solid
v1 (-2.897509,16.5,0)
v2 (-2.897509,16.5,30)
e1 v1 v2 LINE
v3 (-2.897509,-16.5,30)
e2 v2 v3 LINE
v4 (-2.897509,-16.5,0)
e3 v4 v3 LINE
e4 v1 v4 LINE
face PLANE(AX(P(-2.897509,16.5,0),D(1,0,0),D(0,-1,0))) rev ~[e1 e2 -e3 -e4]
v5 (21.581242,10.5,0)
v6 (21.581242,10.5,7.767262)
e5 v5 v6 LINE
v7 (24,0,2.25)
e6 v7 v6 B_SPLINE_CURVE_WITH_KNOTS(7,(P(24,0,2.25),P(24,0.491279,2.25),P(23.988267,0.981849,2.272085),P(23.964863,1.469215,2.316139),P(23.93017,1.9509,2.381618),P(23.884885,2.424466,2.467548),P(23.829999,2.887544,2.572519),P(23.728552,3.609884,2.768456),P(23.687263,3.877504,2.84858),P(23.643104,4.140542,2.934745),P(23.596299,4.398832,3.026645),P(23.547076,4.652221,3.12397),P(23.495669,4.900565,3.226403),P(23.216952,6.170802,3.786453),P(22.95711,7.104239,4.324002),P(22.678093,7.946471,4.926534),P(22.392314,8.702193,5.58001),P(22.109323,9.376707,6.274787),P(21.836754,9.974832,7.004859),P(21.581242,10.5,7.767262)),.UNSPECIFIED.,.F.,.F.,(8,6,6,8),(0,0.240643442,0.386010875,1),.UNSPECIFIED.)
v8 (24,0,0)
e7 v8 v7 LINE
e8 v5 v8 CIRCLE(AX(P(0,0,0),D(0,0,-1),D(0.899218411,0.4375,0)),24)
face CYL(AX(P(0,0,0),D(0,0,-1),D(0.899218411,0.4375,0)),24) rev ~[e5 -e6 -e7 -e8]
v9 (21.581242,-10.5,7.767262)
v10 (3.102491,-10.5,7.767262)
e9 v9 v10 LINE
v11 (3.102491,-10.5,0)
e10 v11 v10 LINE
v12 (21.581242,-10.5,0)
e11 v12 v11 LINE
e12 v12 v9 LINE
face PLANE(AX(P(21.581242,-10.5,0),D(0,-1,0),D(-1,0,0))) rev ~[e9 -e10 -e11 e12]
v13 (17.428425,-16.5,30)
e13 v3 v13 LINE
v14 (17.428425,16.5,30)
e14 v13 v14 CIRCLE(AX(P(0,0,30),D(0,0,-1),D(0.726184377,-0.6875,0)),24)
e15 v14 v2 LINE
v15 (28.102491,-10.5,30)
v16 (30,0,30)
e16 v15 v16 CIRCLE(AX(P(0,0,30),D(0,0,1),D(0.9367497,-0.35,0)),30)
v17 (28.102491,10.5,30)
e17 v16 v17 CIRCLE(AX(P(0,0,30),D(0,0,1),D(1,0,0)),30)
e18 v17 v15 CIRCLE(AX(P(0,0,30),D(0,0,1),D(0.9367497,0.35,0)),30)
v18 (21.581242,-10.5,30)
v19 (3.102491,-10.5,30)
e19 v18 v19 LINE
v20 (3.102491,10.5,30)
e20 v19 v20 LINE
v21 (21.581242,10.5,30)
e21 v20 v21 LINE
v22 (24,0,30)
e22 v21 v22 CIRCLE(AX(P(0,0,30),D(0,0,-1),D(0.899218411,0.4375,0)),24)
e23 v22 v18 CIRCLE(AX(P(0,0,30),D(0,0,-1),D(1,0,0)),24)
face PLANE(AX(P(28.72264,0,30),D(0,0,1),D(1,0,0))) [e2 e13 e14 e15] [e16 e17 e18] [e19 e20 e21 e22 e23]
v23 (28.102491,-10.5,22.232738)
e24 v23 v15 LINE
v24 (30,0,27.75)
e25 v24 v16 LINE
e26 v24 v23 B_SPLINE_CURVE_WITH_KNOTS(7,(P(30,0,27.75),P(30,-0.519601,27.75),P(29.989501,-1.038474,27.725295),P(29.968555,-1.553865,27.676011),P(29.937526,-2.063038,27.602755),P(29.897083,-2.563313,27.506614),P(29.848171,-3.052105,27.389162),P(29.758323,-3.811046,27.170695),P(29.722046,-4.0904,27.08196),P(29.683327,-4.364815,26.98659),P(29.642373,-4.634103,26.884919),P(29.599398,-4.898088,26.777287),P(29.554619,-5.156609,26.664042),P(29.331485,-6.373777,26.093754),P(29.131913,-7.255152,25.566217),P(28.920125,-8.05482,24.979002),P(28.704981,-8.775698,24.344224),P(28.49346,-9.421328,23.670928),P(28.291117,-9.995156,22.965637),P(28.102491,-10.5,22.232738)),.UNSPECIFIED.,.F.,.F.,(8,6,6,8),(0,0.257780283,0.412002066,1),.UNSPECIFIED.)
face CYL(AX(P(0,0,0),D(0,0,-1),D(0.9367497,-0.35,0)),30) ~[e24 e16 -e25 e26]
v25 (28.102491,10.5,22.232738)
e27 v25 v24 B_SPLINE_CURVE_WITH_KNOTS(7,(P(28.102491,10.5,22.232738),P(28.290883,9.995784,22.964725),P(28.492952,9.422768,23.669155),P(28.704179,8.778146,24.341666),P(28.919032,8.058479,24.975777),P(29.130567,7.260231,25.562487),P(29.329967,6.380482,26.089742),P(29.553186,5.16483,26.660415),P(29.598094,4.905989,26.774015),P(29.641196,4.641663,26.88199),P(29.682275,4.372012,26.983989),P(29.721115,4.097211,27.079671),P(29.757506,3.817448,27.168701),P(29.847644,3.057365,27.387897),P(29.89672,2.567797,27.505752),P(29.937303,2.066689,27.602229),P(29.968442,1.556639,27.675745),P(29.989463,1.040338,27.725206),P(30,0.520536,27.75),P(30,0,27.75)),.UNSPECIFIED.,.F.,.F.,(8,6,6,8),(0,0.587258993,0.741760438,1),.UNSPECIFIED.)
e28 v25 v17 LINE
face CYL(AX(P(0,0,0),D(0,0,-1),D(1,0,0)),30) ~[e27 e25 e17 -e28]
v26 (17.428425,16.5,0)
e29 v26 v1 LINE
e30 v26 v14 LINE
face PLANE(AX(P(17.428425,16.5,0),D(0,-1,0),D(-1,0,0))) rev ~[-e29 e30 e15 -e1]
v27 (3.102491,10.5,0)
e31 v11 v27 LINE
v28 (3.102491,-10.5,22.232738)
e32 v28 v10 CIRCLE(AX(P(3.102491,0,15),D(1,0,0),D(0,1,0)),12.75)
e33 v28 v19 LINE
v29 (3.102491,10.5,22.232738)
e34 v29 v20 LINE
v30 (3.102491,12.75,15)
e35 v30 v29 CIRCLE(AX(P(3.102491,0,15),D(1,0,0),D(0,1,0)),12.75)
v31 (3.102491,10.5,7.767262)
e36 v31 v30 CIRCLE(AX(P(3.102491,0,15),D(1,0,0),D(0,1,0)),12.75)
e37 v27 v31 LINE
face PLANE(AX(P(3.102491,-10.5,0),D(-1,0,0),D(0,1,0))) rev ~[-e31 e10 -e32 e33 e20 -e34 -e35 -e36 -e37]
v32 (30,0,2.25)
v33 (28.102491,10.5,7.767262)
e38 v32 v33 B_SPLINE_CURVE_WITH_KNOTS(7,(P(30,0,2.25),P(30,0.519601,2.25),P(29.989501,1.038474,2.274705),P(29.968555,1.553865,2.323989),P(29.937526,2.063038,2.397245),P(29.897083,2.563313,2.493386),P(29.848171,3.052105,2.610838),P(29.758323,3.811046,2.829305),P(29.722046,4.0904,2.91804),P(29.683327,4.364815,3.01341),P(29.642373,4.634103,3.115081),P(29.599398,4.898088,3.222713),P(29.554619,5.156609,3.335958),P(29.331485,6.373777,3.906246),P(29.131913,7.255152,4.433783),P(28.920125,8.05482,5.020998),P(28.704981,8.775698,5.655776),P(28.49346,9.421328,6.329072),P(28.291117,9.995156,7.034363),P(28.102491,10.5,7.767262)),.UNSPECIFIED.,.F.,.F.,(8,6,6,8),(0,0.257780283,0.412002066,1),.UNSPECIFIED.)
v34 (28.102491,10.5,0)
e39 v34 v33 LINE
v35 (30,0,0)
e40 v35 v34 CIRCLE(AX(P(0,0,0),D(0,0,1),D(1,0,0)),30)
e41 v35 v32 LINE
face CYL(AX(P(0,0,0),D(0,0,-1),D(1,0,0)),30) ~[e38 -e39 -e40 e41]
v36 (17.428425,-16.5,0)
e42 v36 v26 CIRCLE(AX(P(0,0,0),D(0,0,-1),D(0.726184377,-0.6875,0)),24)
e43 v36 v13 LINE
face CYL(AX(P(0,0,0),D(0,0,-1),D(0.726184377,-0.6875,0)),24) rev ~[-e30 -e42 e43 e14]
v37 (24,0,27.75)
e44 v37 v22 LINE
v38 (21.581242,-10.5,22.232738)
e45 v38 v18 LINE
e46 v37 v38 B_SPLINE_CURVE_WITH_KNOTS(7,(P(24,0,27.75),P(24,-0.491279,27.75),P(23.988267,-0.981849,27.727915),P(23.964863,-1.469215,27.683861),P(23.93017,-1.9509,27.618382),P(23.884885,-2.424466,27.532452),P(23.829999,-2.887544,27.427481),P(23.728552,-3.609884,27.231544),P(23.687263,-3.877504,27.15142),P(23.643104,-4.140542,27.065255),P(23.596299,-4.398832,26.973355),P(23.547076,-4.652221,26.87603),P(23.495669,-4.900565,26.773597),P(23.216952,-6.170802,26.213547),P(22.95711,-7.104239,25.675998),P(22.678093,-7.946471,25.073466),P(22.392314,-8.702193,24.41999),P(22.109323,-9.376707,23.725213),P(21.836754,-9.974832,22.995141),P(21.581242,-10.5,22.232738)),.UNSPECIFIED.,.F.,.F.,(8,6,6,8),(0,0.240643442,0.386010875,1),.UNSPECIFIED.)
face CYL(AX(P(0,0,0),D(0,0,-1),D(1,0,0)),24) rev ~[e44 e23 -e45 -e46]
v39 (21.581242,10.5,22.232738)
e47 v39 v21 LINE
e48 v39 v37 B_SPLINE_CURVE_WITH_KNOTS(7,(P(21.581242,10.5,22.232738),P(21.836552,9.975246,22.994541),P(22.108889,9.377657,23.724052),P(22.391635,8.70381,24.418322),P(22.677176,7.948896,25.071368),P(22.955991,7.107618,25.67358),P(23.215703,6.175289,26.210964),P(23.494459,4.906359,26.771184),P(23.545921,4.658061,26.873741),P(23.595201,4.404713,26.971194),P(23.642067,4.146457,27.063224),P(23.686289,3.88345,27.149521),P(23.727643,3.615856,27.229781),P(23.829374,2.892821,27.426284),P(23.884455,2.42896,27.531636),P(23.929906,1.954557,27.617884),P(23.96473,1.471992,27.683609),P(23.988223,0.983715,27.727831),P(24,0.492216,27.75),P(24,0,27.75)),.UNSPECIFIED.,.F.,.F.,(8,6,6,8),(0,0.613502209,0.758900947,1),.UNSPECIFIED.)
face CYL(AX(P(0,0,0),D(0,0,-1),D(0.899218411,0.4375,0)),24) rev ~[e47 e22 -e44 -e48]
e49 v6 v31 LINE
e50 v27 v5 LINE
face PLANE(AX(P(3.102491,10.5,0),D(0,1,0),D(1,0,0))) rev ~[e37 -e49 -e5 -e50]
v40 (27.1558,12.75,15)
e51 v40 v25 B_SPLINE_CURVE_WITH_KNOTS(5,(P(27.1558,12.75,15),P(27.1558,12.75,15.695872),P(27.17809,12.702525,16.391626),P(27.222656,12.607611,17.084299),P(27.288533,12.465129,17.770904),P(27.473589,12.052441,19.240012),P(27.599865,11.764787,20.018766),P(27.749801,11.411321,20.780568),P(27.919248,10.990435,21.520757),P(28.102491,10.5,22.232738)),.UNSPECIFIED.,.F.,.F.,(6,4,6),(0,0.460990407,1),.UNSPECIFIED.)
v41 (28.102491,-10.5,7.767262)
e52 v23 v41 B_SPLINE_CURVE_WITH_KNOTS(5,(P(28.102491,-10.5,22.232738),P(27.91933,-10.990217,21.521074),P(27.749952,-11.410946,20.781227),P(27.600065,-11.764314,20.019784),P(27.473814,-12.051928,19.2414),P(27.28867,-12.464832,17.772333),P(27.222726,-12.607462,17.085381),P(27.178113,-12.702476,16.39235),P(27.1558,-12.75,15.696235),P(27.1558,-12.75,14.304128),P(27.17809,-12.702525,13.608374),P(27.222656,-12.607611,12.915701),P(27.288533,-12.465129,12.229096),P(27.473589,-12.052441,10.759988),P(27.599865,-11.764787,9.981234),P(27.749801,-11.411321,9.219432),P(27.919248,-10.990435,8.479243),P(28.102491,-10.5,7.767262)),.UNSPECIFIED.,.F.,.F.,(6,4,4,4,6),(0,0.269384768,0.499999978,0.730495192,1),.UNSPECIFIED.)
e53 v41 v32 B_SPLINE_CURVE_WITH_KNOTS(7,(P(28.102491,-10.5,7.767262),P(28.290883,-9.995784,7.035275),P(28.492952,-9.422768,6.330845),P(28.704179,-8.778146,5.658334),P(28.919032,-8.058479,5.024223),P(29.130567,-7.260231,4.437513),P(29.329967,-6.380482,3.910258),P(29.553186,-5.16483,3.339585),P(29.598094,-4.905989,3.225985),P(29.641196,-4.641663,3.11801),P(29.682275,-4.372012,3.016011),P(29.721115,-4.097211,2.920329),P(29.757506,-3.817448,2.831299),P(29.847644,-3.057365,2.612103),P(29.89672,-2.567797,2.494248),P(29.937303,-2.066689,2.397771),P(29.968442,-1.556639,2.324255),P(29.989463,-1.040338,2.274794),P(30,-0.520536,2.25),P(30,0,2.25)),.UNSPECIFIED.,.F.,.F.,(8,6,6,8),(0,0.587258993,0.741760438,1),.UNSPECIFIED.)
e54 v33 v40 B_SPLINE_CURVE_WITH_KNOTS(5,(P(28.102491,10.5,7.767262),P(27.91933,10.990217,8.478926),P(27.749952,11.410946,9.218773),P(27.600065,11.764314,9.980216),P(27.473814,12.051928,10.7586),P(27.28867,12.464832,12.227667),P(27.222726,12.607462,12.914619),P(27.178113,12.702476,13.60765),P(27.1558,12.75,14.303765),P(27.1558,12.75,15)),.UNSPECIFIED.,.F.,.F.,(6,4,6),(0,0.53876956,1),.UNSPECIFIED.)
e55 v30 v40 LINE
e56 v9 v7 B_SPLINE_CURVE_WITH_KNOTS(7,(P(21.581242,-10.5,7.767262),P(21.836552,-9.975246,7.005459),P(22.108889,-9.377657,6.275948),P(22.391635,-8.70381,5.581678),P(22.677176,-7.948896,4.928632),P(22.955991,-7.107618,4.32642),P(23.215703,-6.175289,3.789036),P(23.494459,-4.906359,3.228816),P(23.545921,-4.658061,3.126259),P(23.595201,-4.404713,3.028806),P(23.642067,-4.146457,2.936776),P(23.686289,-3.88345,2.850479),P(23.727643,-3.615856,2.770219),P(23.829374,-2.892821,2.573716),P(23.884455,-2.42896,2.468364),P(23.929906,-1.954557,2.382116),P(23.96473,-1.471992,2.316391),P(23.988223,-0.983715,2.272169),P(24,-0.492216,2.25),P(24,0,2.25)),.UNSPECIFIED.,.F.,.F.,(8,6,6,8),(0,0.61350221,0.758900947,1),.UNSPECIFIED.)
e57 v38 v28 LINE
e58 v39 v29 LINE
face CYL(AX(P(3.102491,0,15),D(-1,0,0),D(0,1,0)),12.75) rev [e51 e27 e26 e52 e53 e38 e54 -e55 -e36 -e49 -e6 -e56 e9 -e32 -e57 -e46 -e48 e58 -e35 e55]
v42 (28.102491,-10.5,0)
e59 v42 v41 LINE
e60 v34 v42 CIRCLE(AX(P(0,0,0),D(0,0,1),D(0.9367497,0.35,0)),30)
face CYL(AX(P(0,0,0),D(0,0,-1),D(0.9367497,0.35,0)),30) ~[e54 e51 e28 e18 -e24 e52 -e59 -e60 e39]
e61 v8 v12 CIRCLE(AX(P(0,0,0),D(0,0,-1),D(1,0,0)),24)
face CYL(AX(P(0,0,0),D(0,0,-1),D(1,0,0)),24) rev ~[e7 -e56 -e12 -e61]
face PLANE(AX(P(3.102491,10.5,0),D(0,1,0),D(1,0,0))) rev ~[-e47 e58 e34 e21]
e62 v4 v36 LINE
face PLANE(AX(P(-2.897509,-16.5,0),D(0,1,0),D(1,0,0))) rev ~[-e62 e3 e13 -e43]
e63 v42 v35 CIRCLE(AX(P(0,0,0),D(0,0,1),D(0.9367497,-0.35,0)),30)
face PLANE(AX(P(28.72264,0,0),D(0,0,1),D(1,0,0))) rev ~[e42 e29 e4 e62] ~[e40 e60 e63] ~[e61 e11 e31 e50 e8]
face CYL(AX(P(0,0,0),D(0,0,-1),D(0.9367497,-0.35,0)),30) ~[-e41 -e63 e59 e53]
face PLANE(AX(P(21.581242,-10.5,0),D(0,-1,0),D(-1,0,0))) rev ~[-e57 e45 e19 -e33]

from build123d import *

# Parameters (mm, degrees)
F1_DEPTH = 30
F2_R     = 12.75
F3_DEPTH = 30


with BuildPart() as f1:
    # F0 (on Top) → F1 (new body)
    with BuildSketch(Plane.XY):
        with BuildLine():
            ThreePointArc((28.1024909928, -10.5), (29.5218116804, -5.3350384355), (30, 0))
            ThreePointArc((30, 0), (29.5218116804, 5.3350384355), (28.1024909928, 10.5))
            Line((28.1024909928, 10.5), (28.1024909928, -10.5))
        make_face()
        with BuildLine():
            Line((21.5812418549, 10.5), (28.1024909928, 10.5))
            ThreePointArc((28.1024909928, 10.5), (26.747487876, 13.5857238424), (25.0549396327, 16.5))
            Line((25.0549396327, 16.5), (17.4284250579, 16.5))
            ThreePointArc((17.4284250579, 16.5), (19.7341969222, 13.6587507422), (21.5812418549, 10.5))
        make_face()
        with BuildLine():
            Line((28.1024909928, -10.5), (28.1024909928, 10.5))
            Line((28.1024909928, 10.5), (21.5812418549, 10.5))
            ThreePointArc((21.5812418549, 10.5), (23.3874945699, 5.3874945699), (24, 0))
            ThreePointArc((24, 0), (23.3874945699, -5.3874945699), (21.5812418549, -10.5))
            Line((21.5812418549, -10.5), (28.1024909928, -10.5))
        make_face()
        with BuildLine():
            ThreePointArc((25.0549396327, -16.5), (26.747487876, -13.5857238424), (28.1024909928, -10.5))
            Line((28.1024909928, -10.5), (21.5812418549, -10.5))
            ThreePointArc((21.5812418549, -10.5), (19.7341969222, -13.6587507422), (17.4284250579, -16.5))
            Line((17.4284250579, -16.5), (25.0549396327, -16.5))
        make_face()
        with BuildLine():
            Line((17.4284250579, 16.5), (25.0549396327, 16.5))
            ThreePointArc((25.0549396327, 16.5), (-30, 0), (25.0549396327, -16.5))
            Line((25.0549396327, -16.5), (17.4284250579, -16.5))
            ThreePointArc((17.4284250579, -16.5), (-24, 0), (17.4284250579, 16.5))
        make_face()
        with BuildLine():
            Line((3.1024909928, 10.5), (21.5812418549, 10.5))
            ThreePointArc((21.5812418549, 10.5), (19.7341969222, 13.6587507422), (17.4284250579, 16.5))
            Line((17.4284250579, 16.5), (-2.8975090072, 16.5))
            Line((-2.8975090072, 16.5), (-2.8975090072, -16.5))
            Line((-2.8975090072, -16.5), (17.4284250579, -16.5))
            ThreePointArc((17.4284250579, -16.5), (19.7341969222, -13.6587507422), (21.5812418549, -10.5))
            Line((21.5812418549, -10.5), (3.1024909928, -10.5))
            Line((3.1024909928, -10.5), (3.1024909928, 10.5))
        make_face()
    extrude(amount=F1_DEPTH)

    # F2 (on face) → F3 (cut)
    with BuildSketch(Plane.YZ.offset(3.1024909928)):
        with Locations((0, 15)):
            Circle(F2_R)
    extrude(amount=F3_DEPTH, mode=Mode.SUBTRACT)


solid = f1.part
